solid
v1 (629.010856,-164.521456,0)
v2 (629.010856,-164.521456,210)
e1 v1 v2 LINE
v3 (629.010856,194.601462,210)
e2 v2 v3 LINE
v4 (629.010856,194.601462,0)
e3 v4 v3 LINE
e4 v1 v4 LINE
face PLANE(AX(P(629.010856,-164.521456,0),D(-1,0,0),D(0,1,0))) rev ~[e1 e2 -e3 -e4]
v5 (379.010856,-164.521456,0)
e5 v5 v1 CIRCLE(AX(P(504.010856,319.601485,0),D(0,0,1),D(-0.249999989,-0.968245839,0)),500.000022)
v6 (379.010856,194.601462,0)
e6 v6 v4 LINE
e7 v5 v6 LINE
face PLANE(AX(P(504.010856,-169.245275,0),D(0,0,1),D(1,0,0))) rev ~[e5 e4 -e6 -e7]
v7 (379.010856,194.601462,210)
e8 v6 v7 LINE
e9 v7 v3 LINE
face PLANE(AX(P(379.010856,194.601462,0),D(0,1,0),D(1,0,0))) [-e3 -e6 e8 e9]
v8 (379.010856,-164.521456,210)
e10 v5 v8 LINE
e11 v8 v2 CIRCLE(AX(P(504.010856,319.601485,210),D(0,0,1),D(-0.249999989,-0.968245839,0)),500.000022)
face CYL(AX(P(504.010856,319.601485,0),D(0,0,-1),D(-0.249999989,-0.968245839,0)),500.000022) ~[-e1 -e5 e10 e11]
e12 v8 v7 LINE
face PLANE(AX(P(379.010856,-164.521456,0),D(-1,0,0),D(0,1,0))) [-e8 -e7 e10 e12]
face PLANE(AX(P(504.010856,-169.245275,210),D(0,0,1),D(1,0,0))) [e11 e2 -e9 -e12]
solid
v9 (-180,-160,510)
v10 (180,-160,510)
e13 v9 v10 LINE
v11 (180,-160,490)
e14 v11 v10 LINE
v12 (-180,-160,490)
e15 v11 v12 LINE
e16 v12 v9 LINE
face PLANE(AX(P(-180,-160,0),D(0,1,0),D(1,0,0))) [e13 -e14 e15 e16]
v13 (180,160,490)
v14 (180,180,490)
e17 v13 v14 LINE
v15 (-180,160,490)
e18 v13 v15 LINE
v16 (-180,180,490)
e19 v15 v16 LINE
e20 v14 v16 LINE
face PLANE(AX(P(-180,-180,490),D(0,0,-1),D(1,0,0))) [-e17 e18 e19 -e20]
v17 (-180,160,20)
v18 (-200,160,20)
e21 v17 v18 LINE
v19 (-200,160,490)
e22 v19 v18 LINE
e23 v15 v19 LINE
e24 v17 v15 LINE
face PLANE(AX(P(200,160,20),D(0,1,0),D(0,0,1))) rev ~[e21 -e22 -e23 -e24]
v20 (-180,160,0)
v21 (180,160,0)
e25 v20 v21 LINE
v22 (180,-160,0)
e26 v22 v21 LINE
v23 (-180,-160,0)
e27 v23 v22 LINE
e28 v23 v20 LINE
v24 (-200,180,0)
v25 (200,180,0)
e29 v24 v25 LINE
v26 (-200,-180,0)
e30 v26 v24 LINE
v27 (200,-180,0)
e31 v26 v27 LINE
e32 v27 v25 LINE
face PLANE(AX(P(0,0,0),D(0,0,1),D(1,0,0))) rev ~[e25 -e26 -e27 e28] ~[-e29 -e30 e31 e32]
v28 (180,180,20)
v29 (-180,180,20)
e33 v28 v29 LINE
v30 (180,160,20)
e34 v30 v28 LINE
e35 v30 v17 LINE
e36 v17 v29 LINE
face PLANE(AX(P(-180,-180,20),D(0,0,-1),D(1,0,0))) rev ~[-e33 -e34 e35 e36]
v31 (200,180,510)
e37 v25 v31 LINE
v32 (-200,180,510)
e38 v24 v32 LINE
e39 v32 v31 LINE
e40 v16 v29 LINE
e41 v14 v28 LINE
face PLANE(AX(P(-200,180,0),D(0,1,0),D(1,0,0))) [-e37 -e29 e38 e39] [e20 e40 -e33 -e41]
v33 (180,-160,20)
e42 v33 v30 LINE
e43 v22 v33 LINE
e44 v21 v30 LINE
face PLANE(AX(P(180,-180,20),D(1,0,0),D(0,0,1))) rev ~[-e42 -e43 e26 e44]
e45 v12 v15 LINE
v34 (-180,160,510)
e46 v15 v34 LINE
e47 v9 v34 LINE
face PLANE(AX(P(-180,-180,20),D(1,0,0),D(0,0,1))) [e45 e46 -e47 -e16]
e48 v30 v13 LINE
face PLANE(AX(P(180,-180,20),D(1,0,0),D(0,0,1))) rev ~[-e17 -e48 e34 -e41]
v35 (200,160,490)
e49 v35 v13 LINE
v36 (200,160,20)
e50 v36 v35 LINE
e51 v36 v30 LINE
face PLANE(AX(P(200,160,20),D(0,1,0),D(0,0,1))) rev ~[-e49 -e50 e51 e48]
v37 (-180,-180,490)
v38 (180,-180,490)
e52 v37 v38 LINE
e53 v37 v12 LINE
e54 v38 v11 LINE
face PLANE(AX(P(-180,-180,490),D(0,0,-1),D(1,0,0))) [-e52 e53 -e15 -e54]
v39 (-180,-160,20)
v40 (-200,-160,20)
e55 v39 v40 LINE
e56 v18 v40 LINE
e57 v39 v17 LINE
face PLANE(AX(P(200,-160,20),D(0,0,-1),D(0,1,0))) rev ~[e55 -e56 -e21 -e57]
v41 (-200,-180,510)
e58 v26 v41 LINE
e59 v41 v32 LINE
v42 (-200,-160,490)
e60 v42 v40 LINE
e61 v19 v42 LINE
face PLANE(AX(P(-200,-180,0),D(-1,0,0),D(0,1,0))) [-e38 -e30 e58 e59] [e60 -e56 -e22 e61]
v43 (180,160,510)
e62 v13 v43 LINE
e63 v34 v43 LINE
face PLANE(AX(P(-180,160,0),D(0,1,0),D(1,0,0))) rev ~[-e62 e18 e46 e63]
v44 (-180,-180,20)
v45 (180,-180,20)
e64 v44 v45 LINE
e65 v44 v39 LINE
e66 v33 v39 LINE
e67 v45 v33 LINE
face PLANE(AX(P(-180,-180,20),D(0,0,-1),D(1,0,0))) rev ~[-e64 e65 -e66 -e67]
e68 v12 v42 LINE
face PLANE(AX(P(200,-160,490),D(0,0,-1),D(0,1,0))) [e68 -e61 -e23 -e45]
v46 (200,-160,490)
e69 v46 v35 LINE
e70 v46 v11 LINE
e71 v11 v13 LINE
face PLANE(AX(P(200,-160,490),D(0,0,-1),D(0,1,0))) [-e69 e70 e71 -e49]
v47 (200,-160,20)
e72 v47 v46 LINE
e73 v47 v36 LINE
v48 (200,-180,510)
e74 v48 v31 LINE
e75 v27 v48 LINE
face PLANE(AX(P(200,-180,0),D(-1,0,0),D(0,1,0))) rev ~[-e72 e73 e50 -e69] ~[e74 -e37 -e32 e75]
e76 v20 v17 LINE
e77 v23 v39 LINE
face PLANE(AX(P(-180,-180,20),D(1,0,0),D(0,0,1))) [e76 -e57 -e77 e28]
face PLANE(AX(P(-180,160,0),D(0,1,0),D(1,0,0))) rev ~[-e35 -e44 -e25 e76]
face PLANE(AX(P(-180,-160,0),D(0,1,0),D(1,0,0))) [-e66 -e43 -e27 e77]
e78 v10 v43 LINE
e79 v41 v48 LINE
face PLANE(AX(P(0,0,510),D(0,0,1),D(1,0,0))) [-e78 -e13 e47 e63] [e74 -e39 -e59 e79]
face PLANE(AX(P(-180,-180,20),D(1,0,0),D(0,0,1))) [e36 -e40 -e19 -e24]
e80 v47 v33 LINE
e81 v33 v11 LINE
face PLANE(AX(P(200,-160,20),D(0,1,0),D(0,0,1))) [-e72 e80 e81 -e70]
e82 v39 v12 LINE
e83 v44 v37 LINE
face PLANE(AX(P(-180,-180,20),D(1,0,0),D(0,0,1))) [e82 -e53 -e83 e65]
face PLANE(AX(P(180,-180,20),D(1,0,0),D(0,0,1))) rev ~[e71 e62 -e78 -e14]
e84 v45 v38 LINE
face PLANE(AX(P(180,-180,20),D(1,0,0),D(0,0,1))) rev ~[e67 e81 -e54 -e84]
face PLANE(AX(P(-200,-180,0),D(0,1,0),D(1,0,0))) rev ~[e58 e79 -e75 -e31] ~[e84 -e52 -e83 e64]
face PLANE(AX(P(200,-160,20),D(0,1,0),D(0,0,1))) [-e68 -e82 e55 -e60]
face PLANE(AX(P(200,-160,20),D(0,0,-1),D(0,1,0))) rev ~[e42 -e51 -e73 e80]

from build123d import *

# Parameters (mm, degrees)
F0_W     = 400
F0_H     = 360
F0_W_2   = 360
F0_H_2   = 320
F1_DEPTH = 510
F2_W     = 360
F2_H     = 470
F3_DEPTH = 638.111826
F4_W     = 320
F4_H     = 470
F5_DEPTH = 520
F0_W_3   = 250
F0_H_3   = 359.122919
F6_DEPTH = 210


with BuildPart() as f1:
    # F0 (on Top) → F1 (new body)
    with BuildSketch(Plane.XY):
        Rectangle(F0_W, F0_H)
        Rectangle(F0_W_2, F0_H_2, mode=Mode.SUBTRACT)
    extrude(amount=F1_DEPTH)

    # F2 (on face) → F3 (cut)
    with BuildSketch(Plane.XZ.offset(180)):
        with Locations((0, 255)):
            Rectangle(F2_W, F2_H)
    extrude(amount=-F3_DEPTH, mode=Mode.SUBTRACT)

    # F4 (on face) → F5 (cut)
    with BuildSketch(Plane.YZ.offset(200)):
        with Locations((0, 255)):
            Rectangle(F4_W, F4_H)
    extrude(amount=-F5_DEPTH, mode=Mode.SUBTRACT)


with BuildPart() as f6:
    # F0 (on Top) → F6 (new body)
    with BuildSketch(Plane.XY):
        with BuildLine():
            Line((629.010856, -164.521456), (379.010856, -164.521456))
            ThreePointArc((379.010856, -164.521456), (504.010856, -180.398537), (629.010856, -164.521456))
        make_face()
        with Locations((504.010856, 15.040003)):
            Rectangle(F0_W_3, F0_H_3)
    extrude(amount=F6_DEPTH)


solid = Compound([f1.part, f6.part])
